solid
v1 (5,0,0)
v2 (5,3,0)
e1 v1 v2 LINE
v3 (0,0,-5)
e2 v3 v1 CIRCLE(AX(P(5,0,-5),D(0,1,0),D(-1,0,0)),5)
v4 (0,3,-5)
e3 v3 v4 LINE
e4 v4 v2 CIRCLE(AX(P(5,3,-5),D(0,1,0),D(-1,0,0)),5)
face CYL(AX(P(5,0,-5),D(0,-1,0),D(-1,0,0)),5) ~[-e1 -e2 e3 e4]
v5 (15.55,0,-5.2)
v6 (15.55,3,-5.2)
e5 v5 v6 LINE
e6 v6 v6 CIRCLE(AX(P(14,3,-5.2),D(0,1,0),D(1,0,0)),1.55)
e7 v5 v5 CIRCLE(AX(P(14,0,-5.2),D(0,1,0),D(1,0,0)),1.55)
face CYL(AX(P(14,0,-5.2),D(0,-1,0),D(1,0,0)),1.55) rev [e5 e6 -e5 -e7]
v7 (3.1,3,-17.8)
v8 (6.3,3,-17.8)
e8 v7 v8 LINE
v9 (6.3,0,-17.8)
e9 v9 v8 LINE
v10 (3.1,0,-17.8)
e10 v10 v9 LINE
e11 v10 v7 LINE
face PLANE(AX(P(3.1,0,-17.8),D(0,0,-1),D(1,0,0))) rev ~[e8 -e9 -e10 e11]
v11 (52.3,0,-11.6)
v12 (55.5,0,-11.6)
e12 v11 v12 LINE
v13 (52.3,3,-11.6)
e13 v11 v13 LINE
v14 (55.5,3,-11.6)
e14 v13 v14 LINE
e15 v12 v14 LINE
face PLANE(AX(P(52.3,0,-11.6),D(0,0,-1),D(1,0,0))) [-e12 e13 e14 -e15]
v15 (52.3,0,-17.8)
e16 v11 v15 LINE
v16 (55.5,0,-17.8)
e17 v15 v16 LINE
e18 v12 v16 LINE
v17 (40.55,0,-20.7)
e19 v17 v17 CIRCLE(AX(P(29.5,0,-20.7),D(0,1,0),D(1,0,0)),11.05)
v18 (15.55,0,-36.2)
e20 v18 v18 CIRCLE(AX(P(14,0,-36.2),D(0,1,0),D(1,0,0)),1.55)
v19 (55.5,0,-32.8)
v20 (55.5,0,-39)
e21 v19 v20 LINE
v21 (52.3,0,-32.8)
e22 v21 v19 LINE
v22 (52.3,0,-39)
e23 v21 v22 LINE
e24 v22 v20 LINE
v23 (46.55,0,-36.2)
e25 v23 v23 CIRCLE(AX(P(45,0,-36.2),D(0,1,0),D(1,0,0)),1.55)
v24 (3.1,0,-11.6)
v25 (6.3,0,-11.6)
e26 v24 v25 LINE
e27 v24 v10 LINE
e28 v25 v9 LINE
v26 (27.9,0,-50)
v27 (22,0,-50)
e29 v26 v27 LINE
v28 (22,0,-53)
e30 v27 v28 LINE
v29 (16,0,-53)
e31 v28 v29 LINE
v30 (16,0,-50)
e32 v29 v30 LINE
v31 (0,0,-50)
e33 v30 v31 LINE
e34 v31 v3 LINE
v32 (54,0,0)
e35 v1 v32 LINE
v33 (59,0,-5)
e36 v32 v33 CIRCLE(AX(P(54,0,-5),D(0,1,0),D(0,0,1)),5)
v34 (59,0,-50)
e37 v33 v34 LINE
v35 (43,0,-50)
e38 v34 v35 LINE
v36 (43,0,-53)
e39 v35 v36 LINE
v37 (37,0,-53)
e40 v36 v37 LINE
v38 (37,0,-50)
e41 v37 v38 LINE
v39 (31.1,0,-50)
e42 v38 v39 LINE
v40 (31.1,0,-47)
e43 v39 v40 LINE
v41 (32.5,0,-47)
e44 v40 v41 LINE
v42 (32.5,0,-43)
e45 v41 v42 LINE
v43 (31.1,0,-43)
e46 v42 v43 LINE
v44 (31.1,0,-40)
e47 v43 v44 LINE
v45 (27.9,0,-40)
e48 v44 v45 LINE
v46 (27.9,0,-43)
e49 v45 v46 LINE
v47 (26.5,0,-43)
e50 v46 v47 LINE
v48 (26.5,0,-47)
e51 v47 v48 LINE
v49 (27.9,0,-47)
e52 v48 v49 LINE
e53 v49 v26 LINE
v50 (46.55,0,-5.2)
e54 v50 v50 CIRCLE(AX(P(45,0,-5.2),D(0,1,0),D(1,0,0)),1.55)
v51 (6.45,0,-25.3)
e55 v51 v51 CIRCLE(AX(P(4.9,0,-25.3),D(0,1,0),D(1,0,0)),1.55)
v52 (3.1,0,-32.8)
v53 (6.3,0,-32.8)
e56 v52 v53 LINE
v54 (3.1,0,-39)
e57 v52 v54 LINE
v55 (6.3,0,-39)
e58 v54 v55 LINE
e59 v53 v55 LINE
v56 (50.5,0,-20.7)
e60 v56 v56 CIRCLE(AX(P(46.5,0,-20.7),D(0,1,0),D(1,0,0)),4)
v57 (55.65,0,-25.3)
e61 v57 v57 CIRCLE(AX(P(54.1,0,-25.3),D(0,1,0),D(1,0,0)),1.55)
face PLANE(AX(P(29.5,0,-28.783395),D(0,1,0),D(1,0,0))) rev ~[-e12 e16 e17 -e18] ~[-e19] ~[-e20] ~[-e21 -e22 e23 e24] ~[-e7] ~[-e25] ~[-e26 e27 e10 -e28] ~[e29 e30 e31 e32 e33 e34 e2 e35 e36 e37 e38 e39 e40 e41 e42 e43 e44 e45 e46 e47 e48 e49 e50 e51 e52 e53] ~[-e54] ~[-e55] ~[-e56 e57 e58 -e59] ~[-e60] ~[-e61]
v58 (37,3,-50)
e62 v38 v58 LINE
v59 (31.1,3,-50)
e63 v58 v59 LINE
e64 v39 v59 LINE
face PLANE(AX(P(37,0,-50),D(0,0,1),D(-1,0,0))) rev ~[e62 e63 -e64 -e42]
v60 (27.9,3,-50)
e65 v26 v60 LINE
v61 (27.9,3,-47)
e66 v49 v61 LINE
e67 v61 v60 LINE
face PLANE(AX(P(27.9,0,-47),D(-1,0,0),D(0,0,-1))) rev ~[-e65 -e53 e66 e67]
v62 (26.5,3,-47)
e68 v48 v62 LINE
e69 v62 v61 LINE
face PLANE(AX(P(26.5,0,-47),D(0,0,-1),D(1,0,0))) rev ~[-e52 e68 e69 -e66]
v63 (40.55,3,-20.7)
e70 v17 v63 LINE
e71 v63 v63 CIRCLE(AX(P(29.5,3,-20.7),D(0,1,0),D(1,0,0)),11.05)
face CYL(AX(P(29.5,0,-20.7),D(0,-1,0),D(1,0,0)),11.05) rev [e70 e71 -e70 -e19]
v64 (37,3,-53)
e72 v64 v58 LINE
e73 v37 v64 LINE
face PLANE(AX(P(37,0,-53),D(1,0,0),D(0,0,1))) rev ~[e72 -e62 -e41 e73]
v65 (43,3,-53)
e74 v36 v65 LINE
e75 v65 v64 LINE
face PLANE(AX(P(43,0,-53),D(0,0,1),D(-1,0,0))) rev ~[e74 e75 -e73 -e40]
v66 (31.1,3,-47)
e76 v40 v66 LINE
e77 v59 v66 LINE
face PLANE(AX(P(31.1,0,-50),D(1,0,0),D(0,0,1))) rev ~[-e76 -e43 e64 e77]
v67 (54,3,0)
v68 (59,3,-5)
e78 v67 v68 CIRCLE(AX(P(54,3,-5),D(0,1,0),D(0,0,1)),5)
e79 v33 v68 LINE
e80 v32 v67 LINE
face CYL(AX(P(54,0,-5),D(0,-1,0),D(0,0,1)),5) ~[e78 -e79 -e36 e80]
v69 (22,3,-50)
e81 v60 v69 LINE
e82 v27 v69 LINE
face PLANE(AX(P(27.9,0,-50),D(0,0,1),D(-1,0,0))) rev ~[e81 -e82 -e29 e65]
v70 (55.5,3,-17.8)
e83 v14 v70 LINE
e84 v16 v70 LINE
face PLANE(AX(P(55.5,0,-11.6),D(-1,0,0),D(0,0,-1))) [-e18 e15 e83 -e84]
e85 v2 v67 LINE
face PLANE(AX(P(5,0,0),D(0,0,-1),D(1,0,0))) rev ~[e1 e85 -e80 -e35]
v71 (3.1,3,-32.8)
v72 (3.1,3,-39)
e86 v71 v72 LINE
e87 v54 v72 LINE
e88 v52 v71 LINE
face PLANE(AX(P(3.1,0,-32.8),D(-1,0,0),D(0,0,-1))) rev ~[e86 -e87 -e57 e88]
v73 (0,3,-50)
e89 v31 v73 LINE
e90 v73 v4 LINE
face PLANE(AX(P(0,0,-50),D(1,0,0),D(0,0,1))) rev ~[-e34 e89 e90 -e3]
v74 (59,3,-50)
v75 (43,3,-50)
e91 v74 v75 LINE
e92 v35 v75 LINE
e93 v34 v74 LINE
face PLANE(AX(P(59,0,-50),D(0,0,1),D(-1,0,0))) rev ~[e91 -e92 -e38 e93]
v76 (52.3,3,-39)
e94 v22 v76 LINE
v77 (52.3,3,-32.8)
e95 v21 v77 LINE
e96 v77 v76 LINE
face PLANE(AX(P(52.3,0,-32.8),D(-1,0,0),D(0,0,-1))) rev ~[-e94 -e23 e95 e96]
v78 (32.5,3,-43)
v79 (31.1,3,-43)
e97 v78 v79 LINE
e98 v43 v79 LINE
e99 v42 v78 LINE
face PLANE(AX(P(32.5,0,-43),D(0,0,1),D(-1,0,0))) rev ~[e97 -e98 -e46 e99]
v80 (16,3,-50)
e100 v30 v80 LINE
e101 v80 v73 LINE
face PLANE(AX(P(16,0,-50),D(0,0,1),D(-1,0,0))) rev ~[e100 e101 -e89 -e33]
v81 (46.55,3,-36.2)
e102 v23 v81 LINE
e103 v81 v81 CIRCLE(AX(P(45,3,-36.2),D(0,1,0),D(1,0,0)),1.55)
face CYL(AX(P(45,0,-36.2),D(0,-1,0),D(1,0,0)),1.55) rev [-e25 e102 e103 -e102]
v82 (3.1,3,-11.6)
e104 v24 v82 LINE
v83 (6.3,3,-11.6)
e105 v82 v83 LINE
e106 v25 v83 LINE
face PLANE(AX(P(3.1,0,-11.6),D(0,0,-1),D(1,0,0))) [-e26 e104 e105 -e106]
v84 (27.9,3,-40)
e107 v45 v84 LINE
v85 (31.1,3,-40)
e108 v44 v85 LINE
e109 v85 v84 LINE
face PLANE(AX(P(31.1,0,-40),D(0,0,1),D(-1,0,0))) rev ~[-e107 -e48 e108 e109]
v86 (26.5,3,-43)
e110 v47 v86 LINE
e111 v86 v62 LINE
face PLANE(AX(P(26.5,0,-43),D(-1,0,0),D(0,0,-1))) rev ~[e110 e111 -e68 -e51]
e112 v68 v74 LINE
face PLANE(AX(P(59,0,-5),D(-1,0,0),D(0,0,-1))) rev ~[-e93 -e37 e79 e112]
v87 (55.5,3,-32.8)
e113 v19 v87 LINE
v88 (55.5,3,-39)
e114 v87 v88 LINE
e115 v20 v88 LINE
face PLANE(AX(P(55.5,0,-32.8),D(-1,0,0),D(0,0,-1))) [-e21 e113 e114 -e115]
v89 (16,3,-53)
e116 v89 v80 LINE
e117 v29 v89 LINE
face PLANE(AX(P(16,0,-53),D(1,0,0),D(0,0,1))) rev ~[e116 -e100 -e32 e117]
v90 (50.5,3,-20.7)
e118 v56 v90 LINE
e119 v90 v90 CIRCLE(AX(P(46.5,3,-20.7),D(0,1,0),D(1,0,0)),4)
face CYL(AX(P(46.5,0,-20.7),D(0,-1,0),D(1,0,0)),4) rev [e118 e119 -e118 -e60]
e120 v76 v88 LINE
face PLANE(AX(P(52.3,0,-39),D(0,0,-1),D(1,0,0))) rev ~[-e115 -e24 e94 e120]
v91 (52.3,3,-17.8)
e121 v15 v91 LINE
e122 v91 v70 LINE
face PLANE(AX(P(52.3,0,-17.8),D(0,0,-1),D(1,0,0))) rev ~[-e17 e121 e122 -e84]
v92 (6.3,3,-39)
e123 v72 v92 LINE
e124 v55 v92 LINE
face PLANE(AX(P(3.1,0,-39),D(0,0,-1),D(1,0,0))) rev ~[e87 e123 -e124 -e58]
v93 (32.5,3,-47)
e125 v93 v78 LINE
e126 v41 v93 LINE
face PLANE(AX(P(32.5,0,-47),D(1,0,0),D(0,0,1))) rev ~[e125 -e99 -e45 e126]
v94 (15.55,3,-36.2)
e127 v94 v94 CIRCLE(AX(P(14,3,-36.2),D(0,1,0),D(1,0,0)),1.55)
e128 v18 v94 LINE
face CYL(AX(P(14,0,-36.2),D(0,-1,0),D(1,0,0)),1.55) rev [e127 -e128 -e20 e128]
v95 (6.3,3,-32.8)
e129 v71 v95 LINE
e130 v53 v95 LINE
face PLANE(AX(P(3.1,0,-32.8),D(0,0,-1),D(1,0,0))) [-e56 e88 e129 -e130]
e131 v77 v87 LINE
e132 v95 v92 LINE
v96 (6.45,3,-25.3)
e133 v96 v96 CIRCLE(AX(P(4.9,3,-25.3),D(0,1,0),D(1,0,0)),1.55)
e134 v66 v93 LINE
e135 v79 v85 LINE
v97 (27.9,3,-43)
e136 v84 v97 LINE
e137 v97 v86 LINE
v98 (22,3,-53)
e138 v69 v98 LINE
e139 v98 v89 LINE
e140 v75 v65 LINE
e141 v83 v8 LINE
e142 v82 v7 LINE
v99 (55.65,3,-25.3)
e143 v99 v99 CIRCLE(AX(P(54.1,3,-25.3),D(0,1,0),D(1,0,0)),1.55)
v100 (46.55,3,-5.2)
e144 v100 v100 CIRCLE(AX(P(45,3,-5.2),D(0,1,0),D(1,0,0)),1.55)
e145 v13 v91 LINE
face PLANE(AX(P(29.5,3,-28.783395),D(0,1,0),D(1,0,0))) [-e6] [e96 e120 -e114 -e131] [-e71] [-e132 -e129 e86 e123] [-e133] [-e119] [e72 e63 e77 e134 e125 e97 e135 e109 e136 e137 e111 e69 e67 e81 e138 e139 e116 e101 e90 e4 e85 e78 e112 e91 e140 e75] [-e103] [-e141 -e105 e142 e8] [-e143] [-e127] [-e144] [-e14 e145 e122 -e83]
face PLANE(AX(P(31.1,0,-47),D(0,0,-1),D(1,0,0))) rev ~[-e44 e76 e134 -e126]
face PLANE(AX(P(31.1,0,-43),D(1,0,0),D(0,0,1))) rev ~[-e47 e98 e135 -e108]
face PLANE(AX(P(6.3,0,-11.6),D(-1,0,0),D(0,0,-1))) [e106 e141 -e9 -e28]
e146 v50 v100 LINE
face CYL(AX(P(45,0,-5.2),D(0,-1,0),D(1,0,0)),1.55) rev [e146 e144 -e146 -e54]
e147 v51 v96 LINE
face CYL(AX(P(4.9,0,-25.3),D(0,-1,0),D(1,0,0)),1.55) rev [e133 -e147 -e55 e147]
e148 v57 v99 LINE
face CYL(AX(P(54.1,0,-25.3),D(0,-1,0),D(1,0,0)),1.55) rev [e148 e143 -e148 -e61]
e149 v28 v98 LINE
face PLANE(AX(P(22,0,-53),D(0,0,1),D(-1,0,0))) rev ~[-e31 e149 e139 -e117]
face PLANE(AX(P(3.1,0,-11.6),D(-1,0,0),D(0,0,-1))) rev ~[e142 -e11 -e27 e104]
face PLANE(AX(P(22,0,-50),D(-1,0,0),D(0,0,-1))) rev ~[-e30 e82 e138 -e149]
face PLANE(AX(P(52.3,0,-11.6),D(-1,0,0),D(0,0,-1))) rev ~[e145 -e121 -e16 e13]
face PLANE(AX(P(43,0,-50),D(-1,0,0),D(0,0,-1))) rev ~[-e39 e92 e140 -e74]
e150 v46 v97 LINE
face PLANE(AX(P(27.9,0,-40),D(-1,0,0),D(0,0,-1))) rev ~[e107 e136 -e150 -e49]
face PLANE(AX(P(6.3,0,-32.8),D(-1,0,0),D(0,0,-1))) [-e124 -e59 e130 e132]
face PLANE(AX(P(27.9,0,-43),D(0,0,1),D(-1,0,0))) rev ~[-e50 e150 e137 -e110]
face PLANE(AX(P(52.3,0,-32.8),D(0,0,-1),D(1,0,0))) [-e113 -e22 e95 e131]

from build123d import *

# Parameters (mm, degrees)
CROQUIS1_R              = 1.55
CROQUIS1_R_2            = 11.05
CROQUIS1_R_3            = 4
CROQUIS1_W              = 3.2
CROQUIS1_H              = 6.2
SALIENTE_EXTRUIR1_DEPTH = 3


with BuildPart() as part:
    # Croquis1 → Saliente-Extruir1 (new body)
    with BuildSketch(Plane(origin=(0, 0, 0), x_dir=(1, 0, 0), z_dir=(0, 1, 0))):
        with BuildLine():
            Line((5, 0), (54, 0))
            ThreePointArc((54, 0), (57.535533906, 1.464466094), (59, 5))
            Line((59, 5), (59, 50))
            Line((59, 50), (43, 50))
            Line((43, 50), (43, 53))
            Line((43, 53), (37, 53))
            Line((37, 53), (37, 50))
            Line((37, 50), (31.1, 50))
            Line((31.1, 50), (31.1, 47))
            Line((31.1, 47), (32.5, 47))
            Line((32.5, 47), (32.5, 43))
            Line((32.5, 43), (31.1, 43))
            Line((31.1, 43), (31.1, 40))
            Line((31.1, 40), (27.9, 40))
            Line((27.9, 40), (27.9, 43))
            Line((27.9, 43), (26.5, 43))
            Line((26.5, 43), (26.5, 47))
            Line((26.5, 47), (27.9, 47))
            Line((27.9, 47), (27.9, 50))
            Line((27.9, 50), (22, 50))
            Line((22, 50), (22, 53))
            Line((22, 53), (16, 53))
            Line((16, 53), (16, 50))
            Line((16, 50), (0, 50))
            Line((0, 50), (0, 5))
            ThreePointArc((0, 5), (1.464466094, 1.464466094), (5, 0))
        make_face()
        with Locations((4.9, 25.3)):
            Circle(CROQUIS1_R, mode=Mode.SUBTRACT)
        with Locations((29.5, 20.7)):
            Circle(CROQUIS1_R_2, mode=Mode.SUBTRACT)
        with Locations((14, 36.2)):
            Circle(CROQUIS1_R, mode=Mode.SUBTRACT)
        with Locations((45, 36.2)):
            Circle(CROQUIS1_R, mode=Mode.SUBTRACT)
        with Locations((45, 5.2)):
            Circle(CROQUIS1_R, mode=Mode.SUBTRACT)
        with Locations((14, 5.2)):
            Circle(CROQUIS1_R, mode=Mode.SUBTRACT)
        with Locations((46.5, 20.7)):
            Circle(CROQUIS1_R_3, mode=Mode.SUBTRACT)
        with Locations((54.1, 25.3)):
            Circle(CROQUIS1_R, mode=Mode.SUBTRACT)
        with Locations((4.7, 14.7)):
            Rectangle(CROQUIS1_W, CROQUIS1_H, mode=Mode.SUBTRACT)
        with Locations((4.7, 35.9)):
            Rectangle(CROQUIS1_W, CROQUIS1_H, mode=Mode.SUBTRACT)
        with Locations((53.9, 35.9)):
            Rectangle(CROQUIS1_W, CROQUIS1_H, mode=Mode.SUBTRACT)
        with Locations((53.9, 14.7)):
            Rectangle(CROQUIS1_W, CROQUIS1_H, mode=Mode.SUBTRACT)
    extrude(amount=SALIENTE_EXTRUIR1_DEPTH)


solid = part.part
